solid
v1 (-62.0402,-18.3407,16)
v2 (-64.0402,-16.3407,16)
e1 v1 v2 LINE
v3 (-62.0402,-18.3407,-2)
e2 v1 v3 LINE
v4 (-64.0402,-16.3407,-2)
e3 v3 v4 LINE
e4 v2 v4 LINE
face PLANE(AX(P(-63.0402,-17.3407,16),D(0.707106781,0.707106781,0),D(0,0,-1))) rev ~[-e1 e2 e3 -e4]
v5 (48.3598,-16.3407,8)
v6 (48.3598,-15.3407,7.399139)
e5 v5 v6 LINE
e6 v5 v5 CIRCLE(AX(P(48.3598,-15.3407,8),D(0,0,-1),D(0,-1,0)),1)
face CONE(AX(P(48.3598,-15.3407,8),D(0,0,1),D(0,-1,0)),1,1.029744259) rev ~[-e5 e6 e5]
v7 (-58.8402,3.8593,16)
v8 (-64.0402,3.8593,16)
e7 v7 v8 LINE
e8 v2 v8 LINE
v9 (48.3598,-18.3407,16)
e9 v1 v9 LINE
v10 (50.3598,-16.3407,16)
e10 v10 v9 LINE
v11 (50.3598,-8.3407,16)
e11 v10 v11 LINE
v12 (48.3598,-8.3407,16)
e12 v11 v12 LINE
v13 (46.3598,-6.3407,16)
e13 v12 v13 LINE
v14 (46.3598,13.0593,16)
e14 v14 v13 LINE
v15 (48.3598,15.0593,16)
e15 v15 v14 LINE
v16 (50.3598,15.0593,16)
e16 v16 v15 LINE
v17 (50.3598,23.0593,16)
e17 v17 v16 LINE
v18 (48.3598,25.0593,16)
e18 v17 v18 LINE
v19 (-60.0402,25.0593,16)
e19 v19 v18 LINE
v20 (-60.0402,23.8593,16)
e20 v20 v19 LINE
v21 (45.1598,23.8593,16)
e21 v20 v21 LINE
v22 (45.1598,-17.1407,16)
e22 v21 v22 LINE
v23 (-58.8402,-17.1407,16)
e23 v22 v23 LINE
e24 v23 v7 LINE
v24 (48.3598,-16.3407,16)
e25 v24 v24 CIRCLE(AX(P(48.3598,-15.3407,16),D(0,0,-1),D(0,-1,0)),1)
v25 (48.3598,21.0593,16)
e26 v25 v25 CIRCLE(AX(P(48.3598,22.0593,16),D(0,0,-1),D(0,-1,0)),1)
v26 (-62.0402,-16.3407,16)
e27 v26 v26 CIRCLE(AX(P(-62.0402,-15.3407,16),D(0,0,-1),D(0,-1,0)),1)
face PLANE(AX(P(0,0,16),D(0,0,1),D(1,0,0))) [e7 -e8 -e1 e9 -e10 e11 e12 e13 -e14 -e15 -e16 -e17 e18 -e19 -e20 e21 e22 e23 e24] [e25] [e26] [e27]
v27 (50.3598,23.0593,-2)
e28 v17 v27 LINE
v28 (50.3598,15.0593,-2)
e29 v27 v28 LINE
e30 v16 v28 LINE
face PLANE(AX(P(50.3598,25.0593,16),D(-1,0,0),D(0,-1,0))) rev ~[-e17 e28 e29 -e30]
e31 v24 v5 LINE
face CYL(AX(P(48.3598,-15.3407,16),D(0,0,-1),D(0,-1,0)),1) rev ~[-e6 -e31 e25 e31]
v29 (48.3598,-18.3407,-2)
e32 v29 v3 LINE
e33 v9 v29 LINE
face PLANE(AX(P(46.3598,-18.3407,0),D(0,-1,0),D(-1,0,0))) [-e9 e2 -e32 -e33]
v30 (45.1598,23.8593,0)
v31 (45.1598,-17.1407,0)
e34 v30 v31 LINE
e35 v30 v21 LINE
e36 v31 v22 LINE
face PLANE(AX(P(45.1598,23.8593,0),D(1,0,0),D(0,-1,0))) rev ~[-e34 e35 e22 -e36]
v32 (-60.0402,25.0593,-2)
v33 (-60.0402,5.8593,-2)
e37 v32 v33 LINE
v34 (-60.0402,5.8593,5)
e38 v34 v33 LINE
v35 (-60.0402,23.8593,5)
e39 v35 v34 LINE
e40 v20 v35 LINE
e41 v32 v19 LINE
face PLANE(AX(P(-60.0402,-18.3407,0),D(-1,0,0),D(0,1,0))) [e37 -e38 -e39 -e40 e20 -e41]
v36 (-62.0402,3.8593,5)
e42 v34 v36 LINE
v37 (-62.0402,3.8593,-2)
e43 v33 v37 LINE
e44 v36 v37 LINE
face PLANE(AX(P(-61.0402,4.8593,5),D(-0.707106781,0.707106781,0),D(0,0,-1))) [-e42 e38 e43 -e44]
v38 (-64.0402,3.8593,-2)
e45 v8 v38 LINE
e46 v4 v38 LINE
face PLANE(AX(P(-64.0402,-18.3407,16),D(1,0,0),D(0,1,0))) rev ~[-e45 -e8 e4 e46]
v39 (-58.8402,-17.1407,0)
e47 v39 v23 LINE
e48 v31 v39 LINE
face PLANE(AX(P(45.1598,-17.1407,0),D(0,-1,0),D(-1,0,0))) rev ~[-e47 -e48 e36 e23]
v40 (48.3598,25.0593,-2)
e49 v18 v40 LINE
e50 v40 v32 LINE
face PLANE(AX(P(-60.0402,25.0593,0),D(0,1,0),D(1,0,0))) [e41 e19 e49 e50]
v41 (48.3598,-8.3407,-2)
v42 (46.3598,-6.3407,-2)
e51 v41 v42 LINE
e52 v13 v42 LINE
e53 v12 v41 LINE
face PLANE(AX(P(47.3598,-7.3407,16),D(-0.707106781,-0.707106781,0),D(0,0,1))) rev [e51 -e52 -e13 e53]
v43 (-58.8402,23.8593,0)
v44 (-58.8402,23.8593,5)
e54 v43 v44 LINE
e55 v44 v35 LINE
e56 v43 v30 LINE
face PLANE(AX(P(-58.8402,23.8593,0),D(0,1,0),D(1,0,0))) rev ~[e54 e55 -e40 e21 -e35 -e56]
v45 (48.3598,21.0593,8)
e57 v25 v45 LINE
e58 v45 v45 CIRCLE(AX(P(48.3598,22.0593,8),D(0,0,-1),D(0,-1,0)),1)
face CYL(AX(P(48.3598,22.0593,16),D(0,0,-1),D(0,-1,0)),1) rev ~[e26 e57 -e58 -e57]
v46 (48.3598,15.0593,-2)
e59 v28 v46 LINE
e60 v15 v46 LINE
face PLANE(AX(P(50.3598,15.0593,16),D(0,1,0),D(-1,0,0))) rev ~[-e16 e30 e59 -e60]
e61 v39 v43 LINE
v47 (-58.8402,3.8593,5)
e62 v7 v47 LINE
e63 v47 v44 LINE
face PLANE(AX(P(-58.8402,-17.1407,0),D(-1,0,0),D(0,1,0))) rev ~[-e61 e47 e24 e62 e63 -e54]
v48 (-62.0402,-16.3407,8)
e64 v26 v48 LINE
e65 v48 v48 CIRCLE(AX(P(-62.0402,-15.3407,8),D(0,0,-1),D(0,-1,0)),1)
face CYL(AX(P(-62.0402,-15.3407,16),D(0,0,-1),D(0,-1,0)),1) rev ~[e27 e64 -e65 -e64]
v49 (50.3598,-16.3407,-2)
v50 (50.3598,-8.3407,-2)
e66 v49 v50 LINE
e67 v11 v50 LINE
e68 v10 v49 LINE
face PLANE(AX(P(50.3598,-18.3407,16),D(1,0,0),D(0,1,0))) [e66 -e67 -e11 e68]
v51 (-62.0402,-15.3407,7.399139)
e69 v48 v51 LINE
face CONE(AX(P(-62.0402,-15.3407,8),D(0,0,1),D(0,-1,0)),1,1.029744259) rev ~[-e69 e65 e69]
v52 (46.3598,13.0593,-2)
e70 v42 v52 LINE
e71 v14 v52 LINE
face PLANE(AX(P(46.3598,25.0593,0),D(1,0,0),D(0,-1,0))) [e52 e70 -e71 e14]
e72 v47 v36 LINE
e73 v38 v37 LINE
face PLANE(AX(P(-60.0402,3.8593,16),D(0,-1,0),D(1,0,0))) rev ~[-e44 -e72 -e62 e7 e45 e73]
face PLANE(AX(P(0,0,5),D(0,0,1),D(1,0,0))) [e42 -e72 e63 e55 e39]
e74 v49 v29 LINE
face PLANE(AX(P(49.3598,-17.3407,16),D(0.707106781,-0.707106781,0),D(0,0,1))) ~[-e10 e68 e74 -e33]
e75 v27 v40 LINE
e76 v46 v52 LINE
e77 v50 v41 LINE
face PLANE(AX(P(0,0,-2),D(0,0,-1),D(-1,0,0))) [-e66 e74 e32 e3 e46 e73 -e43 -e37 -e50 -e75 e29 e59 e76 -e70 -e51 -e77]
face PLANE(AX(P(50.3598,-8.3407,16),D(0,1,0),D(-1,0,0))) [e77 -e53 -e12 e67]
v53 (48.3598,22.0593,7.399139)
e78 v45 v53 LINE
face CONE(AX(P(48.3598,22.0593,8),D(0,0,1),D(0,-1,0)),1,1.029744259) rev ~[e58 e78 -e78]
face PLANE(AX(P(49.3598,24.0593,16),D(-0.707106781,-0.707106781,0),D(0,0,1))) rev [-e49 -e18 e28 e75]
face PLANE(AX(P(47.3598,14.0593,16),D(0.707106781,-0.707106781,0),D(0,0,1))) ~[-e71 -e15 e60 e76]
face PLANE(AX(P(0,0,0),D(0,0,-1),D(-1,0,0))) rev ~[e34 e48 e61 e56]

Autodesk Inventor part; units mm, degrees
ref_plane "YZ Plane" through (0, 0, 0) normal (1, 0, 0) x (0, 1, 0)
ref_plane "XZ Plane" through (0, 0, 0) normal (0, 1, 0) x (-1, 0, 0)
ref_plane "XY Plane" through (0, 0, 0) normal (0, 0, 1) x (1, 0, 0)
sketch "Sketch1" plane through (0, 0, 0) normal (0, 0, 1) x (1, 0, 0)
  line L0 (-58.8402, 23.8593) -> (45.1598, 23.8593)
  line L1 (45.1598, 23.8593) -> (45.1598, -17.1407)
  line L2 (45.1598, -17.1407) -> (-58.8402, -17.1407)
  line L3 (-58.8402, -17.1407) -> (-58.8402, 23.8593)
  line L4 (-60.0402, 25.0593) -> (46.3598, 25.0593)
  line L5 (46.3598, 25.0593) -> (46.3598, -18.3407)
  line L6 (46.3598, -18.3407) -> (-60.0402, -18.3407)
  line L7 (-60.0402, -18.3407) -> (-60.0402, 25.0593)
  point P0 (0, 0)
  dimension "d0" = 104
  dimension "d1" = 41
  dimension "d2" = 1.2
  dimension "d3" = 1.2
  dimension "d4" = 1.2
  dimension "d5" = 1.2
extrude "Extrusion1" add sketch "Sketch1" along normal blind 16
sketch "Sketch2" plane through (0, 0, 0) normal (0, 0, -1) x (-1, 0, 0)
  line L0 (-46.3598, 25.0593) -> (60.0402, 25.0593)
  line L1 (60.0402, 25.0593) -> (60.0402, -18.3407)
  line L2 (60.0402, -18.3407) -> (-46.3598, -18.3407)
  line L3 (-46.3598, -18.3407) -> (-46.3598, 25.0593)
  point P0 (0, 0)
extrude "Extrusion2" add sketch "Sketch2" along normal blind 2
sketch "Sketch3" plane through (0, 0, 16) normal (0, 0, 1) x (1, 0, 0)
  line L0 (-60.0402, 25.0593) -> (-60.0402, -18.3407) projected
  line L1 (-58.8402, 23.8593) -> (-60.0402, 23.8593)
  line L2 (-60.0402, 23.8593) -> (-60.0402, 3.8593)
  line L3 (-60.0402, 3.8593) -> (-58.8402, 3.8593)
  line L4 (-58.8402, 3.8593) -> (-58.8402, 23.8593)
  point P0 (0, 0)
  dimension "d10" = 20
extrude "Extrusion3" cut sketch "Sketch3" against normal blind 11
sketch "Sketch4" plane through (0, 0, 16) normal (0, 0, 1) x (1, 0, 0)
  line L0 (-60.0402, -18.3407) -> (-64.0402, -18.3407)
  line L1 (-64.0402, -18.3407) -> (-64.0402, 3.8593)
  line L2 (-64.0402, 3.8593) -> (-60.0402, 3.8593)
  line L3 (-60.0402, 3.8593) -> (-60.0402, -18.3407)
  line L4 (-60.0402, 23.8593) -> (45.1598, 23.8593) projected
  line L5 (46.3598, 25.0593) -> (50.3598, 25.0593)
  line L6 (50.3598, 25.0593) -> (50.3598, 15.0593)
  line L7 (50.3598, 15.0593) -> (46.3598, 15.0593)
  line L8 (46.3598, 15.0593) -> (46.3598, 25.0593)
  line L9 (46.3598, -18.3407) -> (50.3598, -18.3407)
  line L10 (50.3598, -18.3407) -> (50.3598, -8.3407)
  line L11 (50.3598, -8.3407) -> (46.3598, -8.3407)
  line L12 (46.3598, -8.3407) -> (46.3598, -18.3407)
  point P0 (0, 0)
  dimension "d13" = 4
  dimension "d14" = 20
  dimension "d15" = 4
  dimension "d16" = 10
  dimension "d17" = 4
  dimension "d18" = 10
extrude "Extrusion4" add sketch "Sketch4" against normal blind 18
chamfer "Chamfer1" distance 2 angle 45 1 edges at (-60.0402, 3.8593, 1.5)
chamfer "Chamfer2" distance 2 angle 45 2 edges at (46.3598, 15.0593, 7) (46.3598, -8.3407, 7)
sketch "Sketch5" plane through (0, 0, 16) normal (0, 0, 1) x (1, 0, 0)
  line L0 (-60.0402, 25.0593) -> (50.3598, 25.0593) projected
  line L1 (50.3598, 25.0593) -> (50.3598, 15.0593) projected
  line L2 (50.3598, -18.3407) -> (50.3598, -8.3407) projected
  line L3 (50.3598, -18.3407) -> (-64.0402, -18.3407) projected
  line L4 (-64.0402, -18.3407) -> (-64.0402, 3.8593) projected
  point P0 (0, 0)
  point P1 (-62.0402, -15.3407)
  point P2 (48.3598, -15.3407)
  point P3 (48.3598, 22.0593)
  dimension "d27" = 3
  dimension "d28" = 2
  dimension "d29" = 2
  dimension "d30" = 3
  dimension "d31" = 3
  dimension "d32" = 2
  dimension "d33" = 110.4
  dimension "d34" = 37.4
hole "Hole1" at (-62.0402, -15.3407, 16) at (48.3598, -15.3407, 16) at (48.3598, 22.0593, 16) direction (0, 0, -1) diameter 2 depth 8 tip angle 118
chamfer "Chamfer3" distance 2 angle 45 3 edges at (50.3598, 25.0593, 7) (50.3598, -18.3407, 7) (-64.0402, -18.3407, 7)
properties part number "main body"
